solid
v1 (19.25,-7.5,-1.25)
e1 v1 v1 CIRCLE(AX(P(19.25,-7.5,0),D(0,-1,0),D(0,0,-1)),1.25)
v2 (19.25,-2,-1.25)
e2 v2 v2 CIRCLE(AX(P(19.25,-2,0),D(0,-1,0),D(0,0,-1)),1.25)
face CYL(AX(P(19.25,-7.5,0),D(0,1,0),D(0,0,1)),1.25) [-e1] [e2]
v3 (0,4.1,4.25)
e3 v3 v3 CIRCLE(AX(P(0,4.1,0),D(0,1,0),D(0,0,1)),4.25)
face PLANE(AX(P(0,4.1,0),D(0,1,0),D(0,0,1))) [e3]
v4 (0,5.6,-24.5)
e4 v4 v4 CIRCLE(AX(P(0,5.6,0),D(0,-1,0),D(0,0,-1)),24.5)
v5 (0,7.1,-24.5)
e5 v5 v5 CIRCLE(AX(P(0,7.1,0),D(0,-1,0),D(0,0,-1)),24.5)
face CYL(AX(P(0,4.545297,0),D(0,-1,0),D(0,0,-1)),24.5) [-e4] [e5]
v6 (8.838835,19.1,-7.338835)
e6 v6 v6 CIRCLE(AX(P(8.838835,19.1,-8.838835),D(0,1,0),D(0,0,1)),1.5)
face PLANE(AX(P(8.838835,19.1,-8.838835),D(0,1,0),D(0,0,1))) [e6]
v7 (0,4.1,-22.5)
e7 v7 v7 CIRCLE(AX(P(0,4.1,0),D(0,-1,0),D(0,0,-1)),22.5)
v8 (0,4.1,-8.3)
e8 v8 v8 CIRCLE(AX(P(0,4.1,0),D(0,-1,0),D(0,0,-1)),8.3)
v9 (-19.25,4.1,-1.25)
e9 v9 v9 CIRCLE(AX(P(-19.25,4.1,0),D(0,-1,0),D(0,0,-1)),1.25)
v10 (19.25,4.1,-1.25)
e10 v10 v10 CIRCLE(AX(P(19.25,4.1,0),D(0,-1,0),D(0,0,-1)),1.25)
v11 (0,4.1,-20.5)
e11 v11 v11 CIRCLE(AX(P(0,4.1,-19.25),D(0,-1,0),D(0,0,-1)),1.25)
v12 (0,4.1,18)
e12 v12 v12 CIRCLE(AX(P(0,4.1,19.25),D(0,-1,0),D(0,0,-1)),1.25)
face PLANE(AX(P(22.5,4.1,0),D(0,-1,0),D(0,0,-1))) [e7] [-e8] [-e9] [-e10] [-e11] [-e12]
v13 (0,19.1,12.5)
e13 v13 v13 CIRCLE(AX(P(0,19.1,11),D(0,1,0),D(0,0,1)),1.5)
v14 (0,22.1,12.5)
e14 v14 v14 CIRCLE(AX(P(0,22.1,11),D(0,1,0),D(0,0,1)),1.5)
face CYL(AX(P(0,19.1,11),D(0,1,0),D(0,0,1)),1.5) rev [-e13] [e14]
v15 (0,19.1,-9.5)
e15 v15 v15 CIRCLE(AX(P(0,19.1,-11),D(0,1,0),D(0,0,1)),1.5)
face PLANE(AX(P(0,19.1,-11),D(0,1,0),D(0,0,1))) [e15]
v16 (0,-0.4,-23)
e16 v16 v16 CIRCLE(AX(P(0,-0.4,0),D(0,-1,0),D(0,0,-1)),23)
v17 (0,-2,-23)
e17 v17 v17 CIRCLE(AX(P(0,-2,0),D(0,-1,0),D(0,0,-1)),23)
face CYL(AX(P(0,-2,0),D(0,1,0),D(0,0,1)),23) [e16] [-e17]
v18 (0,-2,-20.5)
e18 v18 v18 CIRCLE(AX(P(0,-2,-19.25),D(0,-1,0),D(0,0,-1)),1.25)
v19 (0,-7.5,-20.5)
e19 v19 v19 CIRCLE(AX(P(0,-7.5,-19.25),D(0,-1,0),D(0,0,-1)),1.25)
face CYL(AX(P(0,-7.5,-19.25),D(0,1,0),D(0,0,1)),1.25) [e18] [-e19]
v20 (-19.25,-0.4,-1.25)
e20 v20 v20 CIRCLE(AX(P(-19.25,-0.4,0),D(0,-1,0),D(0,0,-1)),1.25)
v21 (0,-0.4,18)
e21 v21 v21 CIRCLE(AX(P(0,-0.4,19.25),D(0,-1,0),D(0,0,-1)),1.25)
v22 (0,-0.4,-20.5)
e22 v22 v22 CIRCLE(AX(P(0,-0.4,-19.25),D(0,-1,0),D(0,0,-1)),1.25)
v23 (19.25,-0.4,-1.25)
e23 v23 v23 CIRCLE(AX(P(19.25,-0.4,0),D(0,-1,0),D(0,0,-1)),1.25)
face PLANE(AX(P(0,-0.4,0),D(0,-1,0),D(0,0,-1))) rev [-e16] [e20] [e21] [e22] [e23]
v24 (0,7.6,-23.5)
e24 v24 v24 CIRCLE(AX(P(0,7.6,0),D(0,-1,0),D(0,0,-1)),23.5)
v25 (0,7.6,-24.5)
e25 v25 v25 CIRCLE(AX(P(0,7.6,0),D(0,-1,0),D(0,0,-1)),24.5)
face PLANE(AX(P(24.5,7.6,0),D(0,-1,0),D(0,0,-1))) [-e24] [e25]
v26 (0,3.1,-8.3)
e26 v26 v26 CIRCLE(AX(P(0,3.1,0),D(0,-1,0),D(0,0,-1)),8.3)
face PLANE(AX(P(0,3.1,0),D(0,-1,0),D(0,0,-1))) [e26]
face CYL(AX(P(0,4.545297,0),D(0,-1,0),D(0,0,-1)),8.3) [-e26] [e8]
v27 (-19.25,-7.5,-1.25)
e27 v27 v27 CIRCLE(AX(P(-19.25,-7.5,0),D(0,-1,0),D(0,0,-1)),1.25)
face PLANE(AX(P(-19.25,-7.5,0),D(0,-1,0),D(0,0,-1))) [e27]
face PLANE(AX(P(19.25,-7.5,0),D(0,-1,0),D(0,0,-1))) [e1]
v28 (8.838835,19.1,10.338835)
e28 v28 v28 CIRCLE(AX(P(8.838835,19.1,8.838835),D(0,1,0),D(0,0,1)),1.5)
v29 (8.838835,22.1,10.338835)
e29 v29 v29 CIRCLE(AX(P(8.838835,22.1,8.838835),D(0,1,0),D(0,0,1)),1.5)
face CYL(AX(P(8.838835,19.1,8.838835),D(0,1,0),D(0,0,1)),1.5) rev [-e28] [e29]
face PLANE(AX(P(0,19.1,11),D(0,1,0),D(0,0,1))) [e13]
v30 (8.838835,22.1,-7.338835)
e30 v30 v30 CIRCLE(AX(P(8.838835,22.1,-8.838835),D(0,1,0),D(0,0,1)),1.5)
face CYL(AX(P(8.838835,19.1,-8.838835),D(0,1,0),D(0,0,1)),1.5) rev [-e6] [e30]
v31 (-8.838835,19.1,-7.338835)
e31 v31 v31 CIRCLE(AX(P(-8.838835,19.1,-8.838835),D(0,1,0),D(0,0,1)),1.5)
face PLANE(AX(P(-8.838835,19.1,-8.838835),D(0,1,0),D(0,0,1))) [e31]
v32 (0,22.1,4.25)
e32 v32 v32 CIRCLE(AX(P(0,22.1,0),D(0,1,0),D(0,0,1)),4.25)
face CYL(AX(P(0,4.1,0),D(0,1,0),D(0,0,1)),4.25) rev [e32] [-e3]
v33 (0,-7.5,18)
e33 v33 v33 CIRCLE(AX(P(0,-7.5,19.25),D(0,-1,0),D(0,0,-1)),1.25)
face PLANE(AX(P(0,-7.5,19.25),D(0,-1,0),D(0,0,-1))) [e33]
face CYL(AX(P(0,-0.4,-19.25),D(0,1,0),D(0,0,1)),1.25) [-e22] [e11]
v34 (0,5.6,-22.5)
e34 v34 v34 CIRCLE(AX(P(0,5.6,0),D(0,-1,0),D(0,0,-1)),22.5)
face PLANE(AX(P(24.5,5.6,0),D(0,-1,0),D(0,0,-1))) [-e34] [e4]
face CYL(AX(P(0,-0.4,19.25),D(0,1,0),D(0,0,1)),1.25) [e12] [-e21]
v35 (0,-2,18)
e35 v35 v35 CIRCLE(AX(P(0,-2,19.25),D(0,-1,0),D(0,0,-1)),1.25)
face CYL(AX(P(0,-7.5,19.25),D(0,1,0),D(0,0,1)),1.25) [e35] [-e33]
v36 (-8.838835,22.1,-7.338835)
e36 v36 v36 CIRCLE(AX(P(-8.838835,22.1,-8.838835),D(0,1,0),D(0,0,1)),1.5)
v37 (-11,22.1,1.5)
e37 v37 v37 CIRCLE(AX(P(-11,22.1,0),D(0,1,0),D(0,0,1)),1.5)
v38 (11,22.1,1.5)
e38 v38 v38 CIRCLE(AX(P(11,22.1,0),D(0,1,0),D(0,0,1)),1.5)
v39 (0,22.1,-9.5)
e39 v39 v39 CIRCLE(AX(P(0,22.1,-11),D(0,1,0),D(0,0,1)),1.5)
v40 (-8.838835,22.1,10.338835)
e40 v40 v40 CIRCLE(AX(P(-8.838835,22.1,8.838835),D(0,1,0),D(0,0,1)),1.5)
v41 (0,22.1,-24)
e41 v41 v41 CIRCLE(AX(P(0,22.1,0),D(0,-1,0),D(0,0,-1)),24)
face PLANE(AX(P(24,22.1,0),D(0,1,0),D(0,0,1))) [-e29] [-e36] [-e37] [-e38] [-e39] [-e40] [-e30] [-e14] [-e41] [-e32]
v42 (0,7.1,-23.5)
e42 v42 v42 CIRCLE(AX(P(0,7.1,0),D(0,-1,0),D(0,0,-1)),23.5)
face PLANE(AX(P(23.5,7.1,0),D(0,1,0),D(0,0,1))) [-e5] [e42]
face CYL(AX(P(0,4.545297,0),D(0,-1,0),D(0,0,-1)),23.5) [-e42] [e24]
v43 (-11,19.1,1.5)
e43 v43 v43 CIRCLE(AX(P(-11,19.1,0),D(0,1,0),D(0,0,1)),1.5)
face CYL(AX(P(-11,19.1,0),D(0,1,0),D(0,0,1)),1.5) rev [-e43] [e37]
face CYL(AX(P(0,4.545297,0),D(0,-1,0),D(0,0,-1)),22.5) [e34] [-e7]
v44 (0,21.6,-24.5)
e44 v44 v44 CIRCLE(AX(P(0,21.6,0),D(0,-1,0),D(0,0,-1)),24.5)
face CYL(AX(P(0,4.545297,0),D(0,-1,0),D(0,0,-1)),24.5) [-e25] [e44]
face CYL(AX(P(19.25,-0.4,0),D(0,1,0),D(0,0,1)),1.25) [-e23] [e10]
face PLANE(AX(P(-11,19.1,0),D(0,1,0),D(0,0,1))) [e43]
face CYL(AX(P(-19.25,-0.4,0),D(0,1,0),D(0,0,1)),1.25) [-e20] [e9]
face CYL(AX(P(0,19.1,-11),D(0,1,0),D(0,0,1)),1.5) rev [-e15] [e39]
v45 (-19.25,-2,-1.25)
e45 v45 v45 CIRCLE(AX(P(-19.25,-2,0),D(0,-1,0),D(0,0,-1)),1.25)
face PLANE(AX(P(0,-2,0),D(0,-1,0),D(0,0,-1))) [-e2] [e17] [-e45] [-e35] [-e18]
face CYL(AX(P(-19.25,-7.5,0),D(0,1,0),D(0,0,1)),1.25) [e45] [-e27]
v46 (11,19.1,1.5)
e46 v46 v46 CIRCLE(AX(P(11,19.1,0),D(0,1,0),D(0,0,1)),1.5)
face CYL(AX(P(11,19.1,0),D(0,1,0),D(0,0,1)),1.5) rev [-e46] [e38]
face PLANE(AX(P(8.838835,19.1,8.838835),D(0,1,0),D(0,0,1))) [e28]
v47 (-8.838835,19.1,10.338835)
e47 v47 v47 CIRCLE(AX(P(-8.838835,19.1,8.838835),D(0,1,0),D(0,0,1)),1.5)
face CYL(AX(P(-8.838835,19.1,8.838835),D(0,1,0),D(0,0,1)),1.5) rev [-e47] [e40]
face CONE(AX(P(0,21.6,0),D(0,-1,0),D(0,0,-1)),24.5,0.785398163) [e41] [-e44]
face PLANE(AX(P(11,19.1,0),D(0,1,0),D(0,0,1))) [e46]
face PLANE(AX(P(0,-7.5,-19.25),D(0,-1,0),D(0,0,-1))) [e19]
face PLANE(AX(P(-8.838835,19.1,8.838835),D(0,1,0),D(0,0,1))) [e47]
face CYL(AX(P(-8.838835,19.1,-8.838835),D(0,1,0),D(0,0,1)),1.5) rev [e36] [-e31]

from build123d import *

# Parameters (mm, degrees)
SKETCH_2_R          = 1.5
CUT_EXTRUDE_1_DEPTH = 3
SKETCH_3_R          = 4.25
CUT_EXTRUDE_2_DEPTH = 18
SKETCH_6_R          = 1.25
EXTRUDE_1_DEPTH     = 4.5
SKETCH_7_R          = 23
EXTRUDE_2_DEPTH     = 1.6
SKETCH_10_R         = 1.25
EXTRUDE_3_DEPTH     = 5.5


with BuildPart() as part:
    # 草图1 → 旋转1 (revolve)
    with BuildSketch(Plane.XY, mode=Mode.PRIVATE) as revolve_1_sk:
        Polygon((24, 22.1), (0, 22.1), (0, 4.545296676), (0, 3.1), (8.3, 3.1), (8.3, 4.1), (22.5, 4.1), (22.5, 5.6), (24.5, 5.6), (24.5, 7.1), (23.5, 7.1), (23.5, 7.6), (24.5, 7.6), (24.5, 21.6), align=None)
    revolve(revolve_1_sk.sketch.rotate(Axis((0, 4.545296676, 0), (0, 1, 0)), 90), axis=Axis((0, 4.545296676, 0), (0, 1, 0)))

    # 草图2 → 切除-拉伸1 (cut)
    with BuildSketch(Plane(origin=(0, 22.1, 0), x_dir=(1, 0, 0), z_dir=(0, 1, 0))):
        with Locations(Location((0, 11, 0), (0, 0, 270))):
            Circle(SKETCH_2_R)
        with Locations(Location((11, 0, 0), (0, 0, 270))):
            Circle(SKETCH_2_R)
        with Locations(Location((0, -11, 0), (0, 0, 270))):
            Circle(SKETCH_2_R)
        with Locations(Location((-11, 0, 0), (0, 0, 270))):
            Circle(SKETCH_2_R)
        with Locations(Location((8.838834765, 8.838834765, 0), (0, 0, 270))):
            Circle(SKETCH_2_R)
        with Locations(Location((8.838834765, -8.838834765, 0), (0, 0, 270))):
            Circle(SKETCH_2_R)
        with Locations(Location((-8.838834765, -8.838834765, 0), (0, 0, 270))):
            Circle(SKETCH_2_R)
        with Locations(Location((-8.838834765, 8.838834765, 0), (0, 0, 270))):
            Circle(SKETCH_2_R)
    extrude(amount=-CUT_EXTRUDE_1_DEPTH, mode=Mode.SUBTRACT)

    # 草图3 → 切除-拉伸2 (cut)
    with BuildSketch(Plane(origin=(0, 22.1, 0), x_dir=(1, 0, 0), z_dir=(0, 1, 0))):
        with Locations(Location((0, 0, 0), (0, 0, 270))):
            Circle(SKETCH_3_R)
    extrude(amount=-CUT_EXTRUDE_2_DEPTH, mode=Mode.SUBTRACT)

    # 草图6 → 凸台-拉伸1 (add)
    with BuildSketch(Plane.XZ.offset(-4.1)):
        with Locations(Location((0, 19.25, 0), (0, 0, 270))):
            Circle(SKETCH_6_R)
        with Locations(Location((19.25, 0, 0), (0, 0, 270))):
            Circle(SKETCH_6_R)
        with Locations(Location((0, -19.25, 0), (0, 0, 270))):
            Circle(SKETCH_6_R)
        with Locations(Location((-19.25, 0, 0), (0, 0, 270))):
            Circle(SKETCH_6_R)
    extrude(amount=EXTRUDE_1_DEPTH)

    # 草图7 → 凸台-拉伸2 (add)
    with BuildSketch(Plane.XZ.offset(0.4)):
        with Locations(Location((0, 0, 0), (0, 0, 270))):
            Circle(SKETCH_7_R)
    extrude(amount=EXTRUDE_2_DEPTH)

    # 草图10 → 凸台-拉伸3 (add)
    with BuildSketch(Plane.XZ.offset(2)):
        with Locations(Location((0, 19.25, 0), (0, 0, 270))):
            Circle(SKETCH_10_R)
        with Locations(Location((19.25, 0, 0), (0, 0, 270))):
            Circle(SKETCH_10_R)
        with Locations(Location((0, -19.25, 0), (0, 0, 270))):
            Circle(SKETCH_10_R)
        with Locations(Location((-19.25, 0, 0), (0, 0, 270))):
            Circle(SKETCH_10_R)
    extrude(amount=EXTRUDE_3_DEPTH)


solid = part.part
